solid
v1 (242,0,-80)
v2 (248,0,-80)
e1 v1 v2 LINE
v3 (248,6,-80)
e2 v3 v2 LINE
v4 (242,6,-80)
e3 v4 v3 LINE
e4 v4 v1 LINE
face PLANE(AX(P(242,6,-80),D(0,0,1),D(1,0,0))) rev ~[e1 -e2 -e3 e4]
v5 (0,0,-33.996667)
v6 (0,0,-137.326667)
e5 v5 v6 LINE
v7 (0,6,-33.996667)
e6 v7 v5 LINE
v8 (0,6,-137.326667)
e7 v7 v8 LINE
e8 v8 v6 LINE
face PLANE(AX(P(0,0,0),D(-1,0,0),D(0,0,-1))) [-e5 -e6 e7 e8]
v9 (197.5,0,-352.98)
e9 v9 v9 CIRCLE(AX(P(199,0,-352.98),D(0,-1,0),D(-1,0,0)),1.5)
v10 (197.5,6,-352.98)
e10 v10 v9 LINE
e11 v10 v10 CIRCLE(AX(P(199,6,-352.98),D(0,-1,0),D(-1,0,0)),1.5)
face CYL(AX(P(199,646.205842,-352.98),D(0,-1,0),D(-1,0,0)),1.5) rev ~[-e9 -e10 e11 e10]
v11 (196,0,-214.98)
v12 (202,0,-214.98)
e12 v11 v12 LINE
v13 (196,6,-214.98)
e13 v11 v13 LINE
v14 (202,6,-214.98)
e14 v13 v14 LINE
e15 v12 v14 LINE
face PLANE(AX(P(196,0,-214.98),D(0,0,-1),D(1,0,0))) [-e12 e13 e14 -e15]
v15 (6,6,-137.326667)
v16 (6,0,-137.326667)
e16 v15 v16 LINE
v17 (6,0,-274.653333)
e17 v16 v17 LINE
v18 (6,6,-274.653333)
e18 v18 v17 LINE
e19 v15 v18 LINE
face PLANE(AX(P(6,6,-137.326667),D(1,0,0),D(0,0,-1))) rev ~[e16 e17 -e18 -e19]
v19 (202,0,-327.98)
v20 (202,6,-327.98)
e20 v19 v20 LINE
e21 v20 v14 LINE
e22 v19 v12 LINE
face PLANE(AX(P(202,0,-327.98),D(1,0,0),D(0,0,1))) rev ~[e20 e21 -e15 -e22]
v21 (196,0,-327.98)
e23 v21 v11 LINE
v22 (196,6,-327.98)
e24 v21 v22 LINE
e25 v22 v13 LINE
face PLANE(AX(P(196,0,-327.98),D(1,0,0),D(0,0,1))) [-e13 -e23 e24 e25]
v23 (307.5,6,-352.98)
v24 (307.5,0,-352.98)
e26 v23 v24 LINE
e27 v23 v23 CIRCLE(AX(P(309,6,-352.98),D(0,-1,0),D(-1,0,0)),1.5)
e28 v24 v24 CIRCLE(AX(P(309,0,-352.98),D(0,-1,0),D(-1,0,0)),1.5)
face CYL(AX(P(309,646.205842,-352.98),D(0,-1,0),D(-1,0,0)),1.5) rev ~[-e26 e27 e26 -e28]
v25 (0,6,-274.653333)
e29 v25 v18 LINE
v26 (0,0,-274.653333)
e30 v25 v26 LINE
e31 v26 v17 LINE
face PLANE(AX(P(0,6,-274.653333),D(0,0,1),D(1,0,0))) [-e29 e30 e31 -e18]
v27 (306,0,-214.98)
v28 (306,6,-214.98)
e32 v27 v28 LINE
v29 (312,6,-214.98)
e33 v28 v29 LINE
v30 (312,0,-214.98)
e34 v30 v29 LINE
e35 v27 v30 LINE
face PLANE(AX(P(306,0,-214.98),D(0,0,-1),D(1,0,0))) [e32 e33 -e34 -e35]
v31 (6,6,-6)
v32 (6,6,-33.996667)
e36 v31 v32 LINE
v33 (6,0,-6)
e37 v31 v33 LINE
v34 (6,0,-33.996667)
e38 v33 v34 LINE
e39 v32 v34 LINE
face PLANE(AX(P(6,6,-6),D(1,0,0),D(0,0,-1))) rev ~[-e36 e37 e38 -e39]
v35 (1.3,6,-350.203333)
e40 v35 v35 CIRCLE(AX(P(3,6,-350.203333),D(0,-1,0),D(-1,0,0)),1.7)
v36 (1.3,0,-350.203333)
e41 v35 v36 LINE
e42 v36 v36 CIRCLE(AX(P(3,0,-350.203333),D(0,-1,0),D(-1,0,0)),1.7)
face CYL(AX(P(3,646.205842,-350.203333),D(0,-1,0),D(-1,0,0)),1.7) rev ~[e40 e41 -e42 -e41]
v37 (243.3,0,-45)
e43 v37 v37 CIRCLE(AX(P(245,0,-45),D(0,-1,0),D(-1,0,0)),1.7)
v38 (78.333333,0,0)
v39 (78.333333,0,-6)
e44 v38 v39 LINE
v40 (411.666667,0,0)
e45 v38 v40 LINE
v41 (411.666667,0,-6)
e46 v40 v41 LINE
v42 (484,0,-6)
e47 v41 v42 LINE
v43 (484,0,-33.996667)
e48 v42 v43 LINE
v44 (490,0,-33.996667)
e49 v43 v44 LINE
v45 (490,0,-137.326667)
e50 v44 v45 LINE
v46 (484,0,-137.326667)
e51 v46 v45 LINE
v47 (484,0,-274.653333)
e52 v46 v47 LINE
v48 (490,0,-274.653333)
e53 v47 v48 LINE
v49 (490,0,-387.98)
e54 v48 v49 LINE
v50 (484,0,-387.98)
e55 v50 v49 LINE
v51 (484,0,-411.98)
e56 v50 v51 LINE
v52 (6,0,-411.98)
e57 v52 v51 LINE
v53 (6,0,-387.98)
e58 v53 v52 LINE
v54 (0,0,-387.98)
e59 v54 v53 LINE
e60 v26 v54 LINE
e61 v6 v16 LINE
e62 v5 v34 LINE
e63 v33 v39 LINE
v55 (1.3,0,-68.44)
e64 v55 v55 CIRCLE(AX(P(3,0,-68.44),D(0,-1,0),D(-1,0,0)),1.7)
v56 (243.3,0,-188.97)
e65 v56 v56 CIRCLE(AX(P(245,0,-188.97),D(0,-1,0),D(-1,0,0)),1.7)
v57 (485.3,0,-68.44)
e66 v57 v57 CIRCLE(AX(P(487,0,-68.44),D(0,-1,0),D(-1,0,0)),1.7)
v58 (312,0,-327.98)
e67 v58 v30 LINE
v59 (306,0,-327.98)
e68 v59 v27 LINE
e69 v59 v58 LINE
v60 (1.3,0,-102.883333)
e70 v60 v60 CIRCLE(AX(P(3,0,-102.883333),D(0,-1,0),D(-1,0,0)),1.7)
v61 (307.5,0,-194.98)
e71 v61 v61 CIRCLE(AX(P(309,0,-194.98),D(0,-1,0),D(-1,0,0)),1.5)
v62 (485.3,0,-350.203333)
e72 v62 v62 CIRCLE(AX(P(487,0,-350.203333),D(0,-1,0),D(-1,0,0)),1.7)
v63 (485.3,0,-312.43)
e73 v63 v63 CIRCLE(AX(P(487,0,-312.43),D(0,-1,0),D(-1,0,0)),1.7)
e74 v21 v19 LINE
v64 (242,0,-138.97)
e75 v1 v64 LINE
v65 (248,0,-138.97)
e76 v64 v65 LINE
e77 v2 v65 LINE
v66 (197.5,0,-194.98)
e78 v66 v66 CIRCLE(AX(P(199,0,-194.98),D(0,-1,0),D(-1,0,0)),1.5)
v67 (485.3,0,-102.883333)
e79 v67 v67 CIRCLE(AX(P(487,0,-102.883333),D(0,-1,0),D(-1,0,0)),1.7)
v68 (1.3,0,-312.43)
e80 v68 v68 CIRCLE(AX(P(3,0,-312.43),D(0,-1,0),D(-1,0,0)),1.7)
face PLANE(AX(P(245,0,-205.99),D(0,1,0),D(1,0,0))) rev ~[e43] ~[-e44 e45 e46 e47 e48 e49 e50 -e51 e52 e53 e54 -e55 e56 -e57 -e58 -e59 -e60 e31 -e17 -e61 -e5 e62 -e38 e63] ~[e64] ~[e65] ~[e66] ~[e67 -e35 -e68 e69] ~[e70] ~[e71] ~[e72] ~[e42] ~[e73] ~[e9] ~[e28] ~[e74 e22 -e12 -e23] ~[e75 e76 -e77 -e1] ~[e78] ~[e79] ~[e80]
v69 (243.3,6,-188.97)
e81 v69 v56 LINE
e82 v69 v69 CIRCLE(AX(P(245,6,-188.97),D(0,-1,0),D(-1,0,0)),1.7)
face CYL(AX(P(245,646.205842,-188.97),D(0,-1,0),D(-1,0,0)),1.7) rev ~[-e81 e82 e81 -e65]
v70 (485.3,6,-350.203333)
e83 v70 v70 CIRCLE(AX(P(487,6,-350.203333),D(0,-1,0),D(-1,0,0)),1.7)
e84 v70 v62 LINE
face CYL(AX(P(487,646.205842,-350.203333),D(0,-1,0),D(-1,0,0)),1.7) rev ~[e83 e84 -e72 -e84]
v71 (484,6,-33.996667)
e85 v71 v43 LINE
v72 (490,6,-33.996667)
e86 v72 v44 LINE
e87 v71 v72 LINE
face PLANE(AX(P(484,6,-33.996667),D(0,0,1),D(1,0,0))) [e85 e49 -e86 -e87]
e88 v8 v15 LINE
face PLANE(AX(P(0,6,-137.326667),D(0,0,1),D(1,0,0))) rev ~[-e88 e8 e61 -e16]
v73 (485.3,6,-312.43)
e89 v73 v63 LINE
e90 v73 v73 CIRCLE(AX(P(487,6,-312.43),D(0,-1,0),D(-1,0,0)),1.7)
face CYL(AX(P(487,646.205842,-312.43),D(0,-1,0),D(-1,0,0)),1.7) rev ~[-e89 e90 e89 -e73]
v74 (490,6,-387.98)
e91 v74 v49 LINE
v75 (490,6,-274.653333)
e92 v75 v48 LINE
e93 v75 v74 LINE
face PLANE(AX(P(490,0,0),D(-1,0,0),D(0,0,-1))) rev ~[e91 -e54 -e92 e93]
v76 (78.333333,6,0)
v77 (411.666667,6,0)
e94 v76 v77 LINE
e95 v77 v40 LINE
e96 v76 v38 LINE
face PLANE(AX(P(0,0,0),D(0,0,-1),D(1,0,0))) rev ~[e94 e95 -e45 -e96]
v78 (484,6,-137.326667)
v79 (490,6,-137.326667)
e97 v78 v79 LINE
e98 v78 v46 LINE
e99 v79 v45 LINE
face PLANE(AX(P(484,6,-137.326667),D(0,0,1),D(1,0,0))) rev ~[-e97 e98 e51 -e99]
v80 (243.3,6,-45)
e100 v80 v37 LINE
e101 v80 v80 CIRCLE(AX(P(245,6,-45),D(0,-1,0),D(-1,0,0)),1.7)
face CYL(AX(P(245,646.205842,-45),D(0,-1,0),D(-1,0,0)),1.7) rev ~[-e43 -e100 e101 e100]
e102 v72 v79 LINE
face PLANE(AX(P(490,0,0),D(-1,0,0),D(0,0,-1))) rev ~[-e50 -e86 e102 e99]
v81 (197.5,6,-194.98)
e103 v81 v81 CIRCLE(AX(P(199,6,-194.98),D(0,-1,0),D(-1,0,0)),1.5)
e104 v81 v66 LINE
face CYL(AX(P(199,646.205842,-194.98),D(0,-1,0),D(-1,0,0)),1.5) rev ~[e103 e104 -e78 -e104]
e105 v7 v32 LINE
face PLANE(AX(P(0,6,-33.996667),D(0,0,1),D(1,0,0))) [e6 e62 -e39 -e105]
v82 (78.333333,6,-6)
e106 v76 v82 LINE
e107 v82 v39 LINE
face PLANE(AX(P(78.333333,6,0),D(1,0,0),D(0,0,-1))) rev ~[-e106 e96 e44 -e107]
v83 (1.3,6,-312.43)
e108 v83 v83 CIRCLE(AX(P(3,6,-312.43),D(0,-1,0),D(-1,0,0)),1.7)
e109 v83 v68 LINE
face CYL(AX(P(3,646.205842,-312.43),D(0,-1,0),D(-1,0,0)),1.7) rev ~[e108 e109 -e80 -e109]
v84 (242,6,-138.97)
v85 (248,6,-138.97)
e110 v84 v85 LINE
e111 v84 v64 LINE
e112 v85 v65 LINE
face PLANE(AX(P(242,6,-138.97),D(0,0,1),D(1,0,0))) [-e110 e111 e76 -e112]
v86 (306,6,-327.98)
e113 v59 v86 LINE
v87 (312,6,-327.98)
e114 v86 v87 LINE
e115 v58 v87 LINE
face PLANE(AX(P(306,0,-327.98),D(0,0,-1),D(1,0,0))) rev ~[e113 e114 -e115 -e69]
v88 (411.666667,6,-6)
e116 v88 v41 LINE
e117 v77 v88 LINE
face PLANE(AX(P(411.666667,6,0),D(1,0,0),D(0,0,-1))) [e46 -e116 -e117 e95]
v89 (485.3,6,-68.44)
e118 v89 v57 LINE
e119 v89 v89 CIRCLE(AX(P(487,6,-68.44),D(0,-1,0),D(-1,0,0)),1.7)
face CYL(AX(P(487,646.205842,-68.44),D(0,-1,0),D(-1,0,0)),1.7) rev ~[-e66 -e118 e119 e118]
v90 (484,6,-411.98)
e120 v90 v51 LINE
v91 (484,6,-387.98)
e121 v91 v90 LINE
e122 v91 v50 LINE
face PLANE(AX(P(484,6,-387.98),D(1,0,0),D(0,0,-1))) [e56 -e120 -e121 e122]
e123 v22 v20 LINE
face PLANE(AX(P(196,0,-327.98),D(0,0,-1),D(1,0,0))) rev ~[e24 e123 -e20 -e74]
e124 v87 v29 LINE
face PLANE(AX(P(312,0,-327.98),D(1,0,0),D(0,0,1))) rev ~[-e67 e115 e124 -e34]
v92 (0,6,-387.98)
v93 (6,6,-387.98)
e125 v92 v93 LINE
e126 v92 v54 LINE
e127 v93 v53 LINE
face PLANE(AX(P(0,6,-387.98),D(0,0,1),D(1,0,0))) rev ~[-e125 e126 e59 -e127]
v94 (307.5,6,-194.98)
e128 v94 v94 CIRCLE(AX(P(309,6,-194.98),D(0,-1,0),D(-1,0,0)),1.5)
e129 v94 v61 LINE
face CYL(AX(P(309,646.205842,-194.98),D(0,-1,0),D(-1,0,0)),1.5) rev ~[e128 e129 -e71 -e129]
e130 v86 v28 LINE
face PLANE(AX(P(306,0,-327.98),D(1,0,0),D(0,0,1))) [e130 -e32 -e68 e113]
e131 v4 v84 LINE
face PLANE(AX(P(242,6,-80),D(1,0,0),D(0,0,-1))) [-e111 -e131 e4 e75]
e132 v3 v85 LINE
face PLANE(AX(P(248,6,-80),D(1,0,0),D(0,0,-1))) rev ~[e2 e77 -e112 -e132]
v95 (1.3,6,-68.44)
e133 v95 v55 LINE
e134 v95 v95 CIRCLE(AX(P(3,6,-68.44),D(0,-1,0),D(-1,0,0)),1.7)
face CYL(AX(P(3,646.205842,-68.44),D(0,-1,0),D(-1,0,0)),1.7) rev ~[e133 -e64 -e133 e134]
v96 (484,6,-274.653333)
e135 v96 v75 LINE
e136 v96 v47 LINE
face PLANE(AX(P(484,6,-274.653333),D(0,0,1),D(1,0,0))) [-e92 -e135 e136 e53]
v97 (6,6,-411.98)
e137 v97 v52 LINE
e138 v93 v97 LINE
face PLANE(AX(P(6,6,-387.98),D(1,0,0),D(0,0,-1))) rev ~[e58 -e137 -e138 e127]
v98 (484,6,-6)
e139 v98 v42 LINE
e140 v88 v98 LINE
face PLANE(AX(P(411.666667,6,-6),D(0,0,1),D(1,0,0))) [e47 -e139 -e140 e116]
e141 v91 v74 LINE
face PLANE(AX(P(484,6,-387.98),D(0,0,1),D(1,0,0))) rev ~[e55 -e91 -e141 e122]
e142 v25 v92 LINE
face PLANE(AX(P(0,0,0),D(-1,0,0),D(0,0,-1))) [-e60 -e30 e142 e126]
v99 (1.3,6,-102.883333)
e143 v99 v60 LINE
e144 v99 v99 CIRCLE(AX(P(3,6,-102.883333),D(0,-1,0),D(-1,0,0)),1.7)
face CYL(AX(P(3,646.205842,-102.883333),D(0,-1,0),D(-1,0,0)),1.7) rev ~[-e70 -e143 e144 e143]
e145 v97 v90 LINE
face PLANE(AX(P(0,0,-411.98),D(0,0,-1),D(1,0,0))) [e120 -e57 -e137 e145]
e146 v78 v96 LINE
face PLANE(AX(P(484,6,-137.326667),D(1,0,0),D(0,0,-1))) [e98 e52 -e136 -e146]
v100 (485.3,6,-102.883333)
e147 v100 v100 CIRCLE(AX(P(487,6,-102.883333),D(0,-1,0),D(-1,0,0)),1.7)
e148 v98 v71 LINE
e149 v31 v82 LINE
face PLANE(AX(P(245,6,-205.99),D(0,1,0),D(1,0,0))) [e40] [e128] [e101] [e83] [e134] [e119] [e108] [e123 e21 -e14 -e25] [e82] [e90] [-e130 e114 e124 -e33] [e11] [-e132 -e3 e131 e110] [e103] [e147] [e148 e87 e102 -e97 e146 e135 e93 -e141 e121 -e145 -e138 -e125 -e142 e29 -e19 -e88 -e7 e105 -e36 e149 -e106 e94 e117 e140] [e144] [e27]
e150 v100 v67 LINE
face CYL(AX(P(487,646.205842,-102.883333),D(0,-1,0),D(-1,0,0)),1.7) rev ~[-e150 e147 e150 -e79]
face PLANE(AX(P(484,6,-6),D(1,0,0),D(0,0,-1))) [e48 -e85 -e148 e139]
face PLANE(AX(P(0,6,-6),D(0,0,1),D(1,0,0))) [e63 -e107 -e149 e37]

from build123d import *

# Parameters (mm, degrees)
SKETCH1_W             = 490
SKETCH1_H             = 411.98
BOSS_EXTRUDE1_DEPTH   = 6
SKETCH2_W             = 78.33333333
SKETCH2_H             = 6
SKETCH2_W_2           = 6
SKETCH2_H_2           = 137.326666666
CUT_EXTRUDE1_DEPTH    = 12
SKETCH4_W             = 6
SKETCH4_H             = 24
SKETCH4_H_2           = 27.996666667
CUT_EXTRUDE2_DEPTH    = 12
SKETCH6_W             = 6
SKETCH6_H             = 58.97
CUT_EXTRUDE3_DEPTH    = 641.20584221
M3_CLEARANCE_HOLE1_D  = 3.4
F_3_0MM_DOWEL_HOLE1_D = 3
CUT_EXTRUDE4_REACH    = 642.206
SKETCH11_W            = 6
SKETCH11_H            = 113


with BuildPart() as part:
    # Sketch1 → Boss-Extrude1 (new body)
    with BuildSketch(Plane(origin=(0, 0, 0), x_dir=(1, 0, 0), z_dir=(0, 1, 0))):
        with Locations((245, 205.99)):
            Rectangle(SKETCH1_W, SKETCH1_H)
    extrude(amount=BOSS_EXTRUDE1_DEPTH)

    # Sketch2 → Cut-Extrude1 (cut)
    with BuildSketch(Plane(origin=(0, 6, 0), x_dir=(1, 0, 0), z_dir=(0, 1, 0))):
        with Locations((39.166666665, 3)):
            Rectangle(SKETCH2_W, SKETCH2_H)
        with Locations((450.833333335, 3)):
            Rectangle(SKETCH2_W, SKETCH2_H)
        with Locations((3, 205.99)):
            Rectangle(SKETCH2_W_2, SKETCH2_H_2)
        with Locations((487, 205.99)):
            Rectangle(SKETCH2_W_2, SKETCH2_H_2)
    extrude(amount=-CUT_EXTRUDE1_DEPTH, mode=Mode.SUBTRACT)

    # Sketch4 → Cut-Extrude2 (cut)
    with BuildSketch(Plane(origin=(0, 6, 0), x_dir=(1, 0, 0), z_dir=(0, 1, 0))):
        with Locations((3, 399.98)):
            Rectangle(SKETCH4_W, SKETCH4_H)
        with Locations((487, 399.98)):
            Rectangle(SKETCH4_W, SKETCH4_H)
        with Locations((487, 19.998333333)):
            Rectangle(SKETCH4_W, SKETCH4_H_2)
        with Locations((3, 19.998333333)):
            Rectangle(SKETCH4_W, SKETCH4_H_2)
    extrude(amount=-CUT_EXTRUDE2_DEPTH, mode=Mode.SUBTRACT)

    # Sketch6 → Cut-Extrude3 (cut, through all)
    with BuildSketch(Plane(origin=(0, 6, 0), x_dir=(1, 0, 0), z_dir=(0, 1, 0))):
        with Locations((245, 109.485)):
            Rectangle(SKETCH6_W, SKETCH6_H)
    extrude(amount=-CUT_EXTRUDE3_DEPTH, mode=Mode.SUBTRACT)

    # M3 Clearance Hole1 (through all)
    with Locations(Plane(origin=(0, 6, 0), x_dir=(1, 0, 0), z_dir=(0, 1, 0))):
        with Locations((3, 350.203333333), (3, 312.43), (3, 102.883333333), (3, 68.44), (487, 350.203333333), (487, 312.43), (487, 102.883333333), (487, 68.44), (245, 188.97), (245, 45)):
            Hole(M3_CLEARANCE_HOLE1_D / 2)

    # Ø3.0mm Dowel Hole1 (through all)
    with Locations(Plane(origin=(0, 6, 0), x_dir=(1, 0, 0), z_dir=(0, 1, 0))):
        with Locations((309, 352.98), (309, 194.98), (199, 352.98), (199, 194.98)):
            Hole(F_3_0MM_DOWEL_HOLE1_D / 2)

    # Sketch11 → Cut-Extrude4 (cut, up to next)
    with BuildSketch(Plane.XZ, mode=Mode.PRIVATE) as cut_extrude4_sk1:
        with Locations((309, -271.48)):
            Rectangle(SKETCH11_W, SKETCH11_H)
    cut_extrude4_tool1 = extrude(cut_extrude4_sk1.sketch, amount=-CUT_EXTRUDE4_REACH, mode=Mode.PRIVATE) & part.part
    # Sketch11 → Cut-Extrude4 (cut, up to next)
    with BuildSketch(Plane.XZ, mode=Mode.PRIVATE) as cut_extrude4_sk2:
        with Locations((199, -271.48)):
            Rectangle(SKETCH11_W, SKETCH11_H)
    cut_extrude4_tool2 = extrude(cut_extrude4_sk2.sketch, amount=-CUT_EXTRUDE4_REACH, mode=Mode.PRIVATE) & part.part
    add(cut_extrude4_tool1.solids().sort_by_distance((309, 0, -271.48))[0], mode=Mode.SUBTRACT)
    add(cut_extrude4_tool2.solids().sort_by_distance((199, 0, -271.48))[0], mode=Mode.SUBTRACT)


solid = part.part
